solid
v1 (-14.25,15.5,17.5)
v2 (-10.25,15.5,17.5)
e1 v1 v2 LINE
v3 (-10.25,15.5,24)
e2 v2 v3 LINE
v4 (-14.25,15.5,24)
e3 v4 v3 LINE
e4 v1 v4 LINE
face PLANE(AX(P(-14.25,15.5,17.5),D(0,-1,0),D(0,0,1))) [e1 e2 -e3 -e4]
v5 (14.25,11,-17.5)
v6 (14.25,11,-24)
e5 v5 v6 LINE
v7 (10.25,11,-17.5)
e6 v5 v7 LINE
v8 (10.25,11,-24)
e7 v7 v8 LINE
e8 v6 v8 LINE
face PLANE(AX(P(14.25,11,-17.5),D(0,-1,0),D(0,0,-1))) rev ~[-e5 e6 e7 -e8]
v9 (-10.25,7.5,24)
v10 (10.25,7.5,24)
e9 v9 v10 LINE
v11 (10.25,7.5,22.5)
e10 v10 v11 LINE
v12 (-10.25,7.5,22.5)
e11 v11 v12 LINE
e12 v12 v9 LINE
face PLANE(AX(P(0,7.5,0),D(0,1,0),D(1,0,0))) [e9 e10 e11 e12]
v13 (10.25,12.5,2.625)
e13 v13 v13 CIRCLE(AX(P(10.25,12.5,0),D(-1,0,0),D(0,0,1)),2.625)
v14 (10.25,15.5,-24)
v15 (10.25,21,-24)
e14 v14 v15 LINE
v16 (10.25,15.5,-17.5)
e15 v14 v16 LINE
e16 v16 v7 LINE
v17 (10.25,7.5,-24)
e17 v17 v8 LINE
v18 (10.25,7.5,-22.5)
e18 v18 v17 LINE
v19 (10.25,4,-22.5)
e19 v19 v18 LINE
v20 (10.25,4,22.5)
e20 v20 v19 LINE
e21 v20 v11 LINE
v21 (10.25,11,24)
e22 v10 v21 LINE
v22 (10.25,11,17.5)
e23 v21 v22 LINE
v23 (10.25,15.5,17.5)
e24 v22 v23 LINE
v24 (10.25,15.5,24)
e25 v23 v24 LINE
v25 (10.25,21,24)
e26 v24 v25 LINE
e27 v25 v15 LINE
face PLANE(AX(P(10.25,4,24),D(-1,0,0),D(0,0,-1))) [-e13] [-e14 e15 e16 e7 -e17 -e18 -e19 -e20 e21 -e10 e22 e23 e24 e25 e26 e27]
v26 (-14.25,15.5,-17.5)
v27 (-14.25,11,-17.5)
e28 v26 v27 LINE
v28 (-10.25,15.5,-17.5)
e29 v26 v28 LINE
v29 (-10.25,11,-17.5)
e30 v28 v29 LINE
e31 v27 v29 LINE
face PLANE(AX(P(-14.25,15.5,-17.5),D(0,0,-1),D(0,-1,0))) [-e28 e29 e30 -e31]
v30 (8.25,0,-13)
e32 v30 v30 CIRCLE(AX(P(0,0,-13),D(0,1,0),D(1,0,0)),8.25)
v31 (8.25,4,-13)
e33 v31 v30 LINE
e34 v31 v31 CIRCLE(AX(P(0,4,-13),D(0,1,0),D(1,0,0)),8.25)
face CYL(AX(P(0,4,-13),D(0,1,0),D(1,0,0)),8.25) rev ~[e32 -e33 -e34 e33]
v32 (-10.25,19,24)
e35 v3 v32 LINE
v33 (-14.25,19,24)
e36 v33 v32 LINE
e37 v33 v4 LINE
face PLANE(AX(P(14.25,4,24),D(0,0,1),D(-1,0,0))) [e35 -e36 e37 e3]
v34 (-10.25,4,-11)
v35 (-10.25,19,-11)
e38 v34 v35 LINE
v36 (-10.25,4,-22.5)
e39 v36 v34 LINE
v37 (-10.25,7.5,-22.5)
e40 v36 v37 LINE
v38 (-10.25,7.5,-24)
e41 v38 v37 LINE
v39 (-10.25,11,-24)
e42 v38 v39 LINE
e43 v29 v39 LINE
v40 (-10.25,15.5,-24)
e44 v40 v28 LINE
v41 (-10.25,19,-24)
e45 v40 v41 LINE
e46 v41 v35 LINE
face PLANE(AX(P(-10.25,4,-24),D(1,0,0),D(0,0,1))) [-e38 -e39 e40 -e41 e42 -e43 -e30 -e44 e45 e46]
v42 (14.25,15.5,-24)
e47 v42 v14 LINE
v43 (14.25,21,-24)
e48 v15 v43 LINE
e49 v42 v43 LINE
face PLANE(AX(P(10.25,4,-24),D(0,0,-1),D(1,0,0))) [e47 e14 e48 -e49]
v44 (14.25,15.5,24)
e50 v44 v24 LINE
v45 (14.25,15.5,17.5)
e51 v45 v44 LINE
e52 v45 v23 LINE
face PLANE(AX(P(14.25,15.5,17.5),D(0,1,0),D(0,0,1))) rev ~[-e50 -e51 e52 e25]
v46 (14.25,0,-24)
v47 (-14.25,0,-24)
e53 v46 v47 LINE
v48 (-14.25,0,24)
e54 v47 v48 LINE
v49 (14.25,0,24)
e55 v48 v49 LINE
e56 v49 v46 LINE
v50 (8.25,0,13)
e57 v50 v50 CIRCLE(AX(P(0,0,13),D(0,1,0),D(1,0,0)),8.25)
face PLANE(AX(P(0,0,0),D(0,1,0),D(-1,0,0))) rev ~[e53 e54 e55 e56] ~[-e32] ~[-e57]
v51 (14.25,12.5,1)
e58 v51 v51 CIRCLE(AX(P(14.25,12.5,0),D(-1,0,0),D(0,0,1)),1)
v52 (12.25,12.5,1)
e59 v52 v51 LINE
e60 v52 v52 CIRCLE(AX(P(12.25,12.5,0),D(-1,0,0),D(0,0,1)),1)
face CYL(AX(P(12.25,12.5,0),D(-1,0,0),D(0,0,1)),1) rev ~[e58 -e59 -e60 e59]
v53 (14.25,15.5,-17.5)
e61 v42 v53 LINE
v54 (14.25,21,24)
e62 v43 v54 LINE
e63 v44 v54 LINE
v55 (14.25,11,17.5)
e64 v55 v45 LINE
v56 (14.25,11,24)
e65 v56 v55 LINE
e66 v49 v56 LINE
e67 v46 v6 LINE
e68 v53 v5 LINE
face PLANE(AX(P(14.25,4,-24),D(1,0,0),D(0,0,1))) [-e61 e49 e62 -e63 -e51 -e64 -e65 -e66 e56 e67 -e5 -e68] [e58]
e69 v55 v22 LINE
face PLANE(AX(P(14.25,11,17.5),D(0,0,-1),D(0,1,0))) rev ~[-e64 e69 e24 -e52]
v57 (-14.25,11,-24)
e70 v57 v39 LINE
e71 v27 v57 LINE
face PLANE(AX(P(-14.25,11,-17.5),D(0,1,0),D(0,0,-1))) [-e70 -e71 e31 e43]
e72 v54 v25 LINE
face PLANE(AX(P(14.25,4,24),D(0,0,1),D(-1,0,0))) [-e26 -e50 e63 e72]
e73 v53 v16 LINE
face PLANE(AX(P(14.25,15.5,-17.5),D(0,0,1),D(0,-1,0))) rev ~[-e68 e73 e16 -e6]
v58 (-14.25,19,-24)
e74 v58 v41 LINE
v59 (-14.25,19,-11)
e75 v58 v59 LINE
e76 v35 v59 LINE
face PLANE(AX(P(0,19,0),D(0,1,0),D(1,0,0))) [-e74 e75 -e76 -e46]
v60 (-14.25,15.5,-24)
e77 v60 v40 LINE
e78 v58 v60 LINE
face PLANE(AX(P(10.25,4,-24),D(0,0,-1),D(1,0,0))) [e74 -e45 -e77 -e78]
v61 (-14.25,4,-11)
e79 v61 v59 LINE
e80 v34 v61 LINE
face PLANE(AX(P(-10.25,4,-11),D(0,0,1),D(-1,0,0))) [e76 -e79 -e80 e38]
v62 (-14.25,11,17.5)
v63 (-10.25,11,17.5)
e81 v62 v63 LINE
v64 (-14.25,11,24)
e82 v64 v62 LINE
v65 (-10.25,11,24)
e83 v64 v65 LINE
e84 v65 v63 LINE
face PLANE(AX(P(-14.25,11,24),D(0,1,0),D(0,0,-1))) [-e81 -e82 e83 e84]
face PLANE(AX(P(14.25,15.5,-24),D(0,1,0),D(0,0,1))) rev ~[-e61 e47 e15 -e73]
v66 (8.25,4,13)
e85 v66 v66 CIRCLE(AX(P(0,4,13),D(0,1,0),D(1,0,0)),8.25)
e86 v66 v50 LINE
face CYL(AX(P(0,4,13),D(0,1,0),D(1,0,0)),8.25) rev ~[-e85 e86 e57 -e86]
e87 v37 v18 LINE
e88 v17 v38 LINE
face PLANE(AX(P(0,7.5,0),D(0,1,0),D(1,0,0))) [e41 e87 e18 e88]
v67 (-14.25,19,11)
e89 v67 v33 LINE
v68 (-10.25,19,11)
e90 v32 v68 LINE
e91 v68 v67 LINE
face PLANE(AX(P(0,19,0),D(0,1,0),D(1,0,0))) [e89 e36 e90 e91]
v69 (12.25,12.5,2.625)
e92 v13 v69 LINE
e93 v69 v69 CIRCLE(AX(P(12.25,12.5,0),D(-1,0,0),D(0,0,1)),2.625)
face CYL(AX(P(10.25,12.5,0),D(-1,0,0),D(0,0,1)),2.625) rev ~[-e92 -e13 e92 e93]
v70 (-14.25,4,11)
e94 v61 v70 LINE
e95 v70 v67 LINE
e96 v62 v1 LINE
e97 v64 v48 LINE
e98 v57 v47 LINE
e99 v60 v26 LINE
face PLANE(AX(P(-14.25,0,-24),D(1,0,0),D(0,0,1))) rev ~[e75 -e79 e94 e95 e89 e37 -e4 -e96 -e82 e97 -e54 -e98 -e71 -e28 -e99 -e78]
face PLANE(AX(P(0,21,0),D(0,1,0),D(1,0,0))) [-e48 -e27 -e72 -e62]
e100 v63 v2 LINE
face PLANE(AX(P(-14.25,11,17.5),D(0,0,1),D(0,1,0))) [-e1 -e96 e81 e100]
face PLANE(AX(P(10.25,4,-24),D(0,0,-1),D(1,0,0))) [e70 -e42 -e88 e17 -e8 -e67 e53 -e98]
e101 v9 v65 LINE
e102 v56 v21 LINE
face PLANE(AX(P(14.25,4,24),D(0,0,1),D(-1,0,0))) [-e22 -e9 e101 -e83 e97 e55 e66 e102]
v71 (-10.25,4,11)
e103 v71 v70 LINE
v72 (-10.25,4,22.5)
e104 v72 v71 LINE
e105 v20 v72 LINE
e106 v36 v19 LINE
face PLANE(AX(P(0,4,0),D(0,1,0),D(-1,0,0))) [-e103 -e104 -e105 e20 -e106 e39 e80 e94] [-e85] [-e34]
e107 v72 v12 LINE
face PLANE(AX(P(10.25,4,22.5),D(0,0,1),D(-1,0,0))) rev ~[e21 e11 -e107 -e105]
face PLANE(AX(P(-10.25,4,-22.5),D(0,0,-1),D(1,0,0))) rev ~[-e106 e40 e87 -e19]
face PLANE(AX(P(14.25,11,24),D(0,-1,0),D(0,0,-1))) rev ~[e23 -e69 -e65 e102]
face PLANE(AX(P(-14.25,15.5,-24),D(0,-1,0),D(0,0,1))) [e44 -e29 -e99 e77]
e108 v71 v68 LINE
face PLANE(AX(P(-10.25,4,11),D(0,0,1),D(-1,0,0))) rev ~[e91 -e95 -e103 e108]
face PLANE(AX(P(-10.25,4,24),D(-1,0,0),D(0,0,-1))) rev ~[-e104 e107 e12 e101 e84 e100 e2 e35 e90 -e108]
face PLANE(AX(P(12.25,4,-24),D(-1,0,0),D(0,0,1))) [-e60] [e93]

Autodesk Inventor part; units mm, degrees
ref_plane "YZ Plane" through (0, 0, 0) normal (1, 0, 0) x (0, 1, 0)
ref_plane "XZ Plane" through (0, 0, 0) normal (0, 1, 0) x (-1, 0, 0)
ref_plane "XY Plane" through (0, 0, 0) normal (0, 0, 1) x (1, 0, 0)
sketch "Sketch1" plane through (0, 0, 0) normal (0, 1, 0) x (-1, 0, 0)
  line L0 (14.25, 24) -> (-14.25, 24)
  line L1 (-14.25, 24) -> (-14.25, -24)
  line L2 (-14.25, -24) -> (14.25, -24)
  line L3 (14.25, -24) -> (14.25, 24)
  line L4 (14.25, 24) -> (-14.25, -24) construction
  line L5 (-14.25, 24) -> (14.25, -24) construction
  point P0 (0, 0)
  dimension "d0" = 28.5
  dimension "d1" = 48
extrude "Extrusion1" add sketch "Sketch1" along normal blind 4
sketch "Sketch2" plane through (0, 4, 0) normal (0, 1, 0) x (1, 0, 0)
  circle A0 centre (0, -13) radius 8.25
  circle A1 centre (0, 13) radius 8.25
  line L0 (14.25, 24) -> (-14.25, 24) projected
  line L1 (-14.25, 24) -> (-14.25, -24) projected
  point P0 (0, 0)
  dimension "d4" = 16.5
  dimension "d5" = 16.5
  dimension "d6" = 26
  dimension "d7" = 11
  dimension "d8" = 14.25
  dimension "d9" = 14.25
extrude "Extrusion2" cut sketch "Sketch2" against normal blind 4
sketch "Sketch3" plane through (0, 4, 0) normal (0, 1, 0) x (1, 0, 0)
  line L0 (14.25, -24) -> (10.25, -24)
  line L1 (10.25, -24) -> (10.25, 24)
  line L2 (10.25, 24) -> (14.25, 24)
  line L3 (14.25, 24) -> (14.25, -24)
  line L4 (14.25, -24) -> (10.25, 24) construction
  line L5 (10.25, -24) -> (14.25, 24) construction
  line L6 (14.25, -24) -> (14.25, 24) projected
  line L7 (14.25, 24) -> (-14.25, 24) projected
  point P0 (0, 0)
  point P1 (12.25, 0)
  dimension "d12" = 48
  dimension "d13" = 4
extrude "Extrusion3" add sketch "Sketch3" along normal blind 17
sketch "Sketch4" plane through (0, 4, 0) normal (0, 1, 0) x (1, 0, 0)
  line L0 (-14.25, -24) -> (-10.25, -24)
  line L1 (-10.25, -24) -> (-10.25, -11)
  line L2 (-10.25, -11) -> (-14.25, -11)
  line L3 (-14.25, -11) -> (-14.25, -24)
  line L4 (-14.25, -24) -> (10.25, -24) projected
  line L5 (-14.25, 24) -> (-14.25, -24) projected
  line L6 (-14.25, 24) -> (-10.25, 24)
  line L7 (-10.25, 24) -> (-10.25, 11)
  line L8 (-10.25, 11) -> (-14.25, 11)
  line L9 (-14.25, 11) -> (-14.25, 24)
  point P0 (0, 0)
  dimension "d16" = 4
  dimension "d17" = 13
  dimension "d18" = 4
  dimension "d19" = 13
extrude "Extrusion4" add sketch "Sketch4" along normal blind 15
sketch "Sketch5" plane through (-14.25, 0, -24) normal (-1, 0, 0) x (0, 0, 1)
  line L0 (41.5, 15.5) -> (48, 15.5)
  line L1 (48, 15.5) -> (48, 11)
  line L2 (48, 11) -> (41.5, 11)
  line L3 (41.5, 11) -> (41.5, 15.5)
  line L4 (35, 4) -> (35, 19) projected
  line L5 (0, 0) -> (48, 0) projected
  line L6 (0, 15.5) -> (6.5, 15.5)
  line L7 (6.5, 15.5) -> (6.5, 11)
  line L8 (6.5, 11) -> (0, 11)
  line L9 (0, 11) -> (0, 15.5)
  line L10 (13, 4) -> (13, 19) projected
  line L11 (48, 0) -> (48, 19) projected
  line L12 (0, 0) -> (0, 19) projected
  point P0 (24, 0)
  dimension "d22" = 6.5
  dimension "d23" = 4.5
  dimension "d24" = 11
  dimension "d25" = 6.5
  dimension "d26" = 4.5
  dimension "d27" = 11
extrude "Extrusion5" cut sketch "Sketch5" against normal blind 4
sketch "Sketch6" plane through (10.25, 4, -24) normal (-1, 0, 0) x (0, 0, 1)
  point P0 (24, -4)
sketch "Sketch7" plane through (10.25, 4, -24) normal (-1, 0, 0) x (0, 0, 1)
  circle A0 centre (24, 8.5) radius 2.625
  line L0 (13, 0) -> (35, 0) projected
  point P0 (24, -4)
  dimension "d30" = 5.25
  dimension "d31" = 8.5
extrude "Extrusion6" cut sketch "Sketch7" against normal blind 2
sketch "Sketch8" plane through (12.25, 12.5, 0) normal (-1, 0, 0) x (0, 0, 1)
  circle A0 centre (0, 0) radius 2.625 projected
  circle A1 centre (0, 0) radius 1
  point P0 (0, -12.5)
  dimension "d34" = 2
extrude "Extrusion7" cut sketch "Sketch8" against normal blind 2 contours A1
sketch "Sketch9" plane through (0, 4, 0) normal (0, 1, 0) x (1, 0, 0)
  line L0 (-10.25, -24) -> (10.25, -24)
  line L1 (10.25, -24) -> (10.25, -22.5)
  line L2 (10.25, -22.5) -> (-10.25, -22.5)
  line L3 (-10.25, -22.5) -> (-10.25, -24)
  line L4 (-10.25, -11) -> (-10.25, -24) projected
  line L5 (-10.25, -24) -> (10.25, -24) projected
  line L6 (-10.25, 22.5) -> (10.25, 22.5)
  line L7 (10.25, 22.5) -> (10.25, 24)
  line L8 (10.25, 24) -> (-10.25, 24)
  line L9 (-10.25, 24) -> (-10.25, 22.5)
  line L10 (-10.25, 24) -> (-10.25, 11) projected
  line L11 (10.25, 24) -> (-10.25, 24) projected
  point P0 (0, 0)
  dimension "d37" = 20.5
  dimension "d38" = 1.5
  dimension "d39" = 1.5
  dimension "d40" = 20.5
extrude "Extrusion8" add sketch "Sketch9" along normal blind 3.5
sketch "Sketch10" plane through (14.25, 0, 24) normal (1, 0, 0) x (0, 0, -1)
  line L0 (48, 15.5) -> (41.5, 15.5)
  line L1 (41.5, 15.5) -> (41.5, 11)
  line L2 (41.5, 11) -> (48, 11)
  line L3 (48, 11) -> (48, 15.5)
  line L4 (41.5, 11) -> (41.5, 15.5) projected
  line L5 (41.5, 15.5) -> (48, 15.5) projected
  line L6 (48, 0) -> (48, 21) projected
  line L7 (0, 0) -> (48, 0) projected
  point P0 (24, 0)
  dimension "d43" = 4.5
  dimension "d44" = 6.5
  dimension "d45" = 11
sketch "Sketch11" plane through (14.25, 0, 24) normal (1, 0, 0) x (0, 0, -1)
  line L0 (6.5, 15.5) -> (0, 15.5)
  line L1 (0, 15.5) -> (0, 11)
  line L2 (0, 11) -> (6.5, 11)
  line L3 (6.5, 11) -> (6.5, 15.5)
  line L4 (0, 0) -> (48, 0) projected
  line L5 (0, 0) -> (0, 21) projected
  point P0 (24, 0)
  dimension "d46" = 6.5
  dimension "d47" = 4.5
  dimension "d48" = 11
extrude "Extrusion9" cut sketch "Sketch10" against normal blind 4
extrude "Extrusion10" cut sketch "Sketch11" against normal blind 4
properties part number "Ultrasound Mount 4"
